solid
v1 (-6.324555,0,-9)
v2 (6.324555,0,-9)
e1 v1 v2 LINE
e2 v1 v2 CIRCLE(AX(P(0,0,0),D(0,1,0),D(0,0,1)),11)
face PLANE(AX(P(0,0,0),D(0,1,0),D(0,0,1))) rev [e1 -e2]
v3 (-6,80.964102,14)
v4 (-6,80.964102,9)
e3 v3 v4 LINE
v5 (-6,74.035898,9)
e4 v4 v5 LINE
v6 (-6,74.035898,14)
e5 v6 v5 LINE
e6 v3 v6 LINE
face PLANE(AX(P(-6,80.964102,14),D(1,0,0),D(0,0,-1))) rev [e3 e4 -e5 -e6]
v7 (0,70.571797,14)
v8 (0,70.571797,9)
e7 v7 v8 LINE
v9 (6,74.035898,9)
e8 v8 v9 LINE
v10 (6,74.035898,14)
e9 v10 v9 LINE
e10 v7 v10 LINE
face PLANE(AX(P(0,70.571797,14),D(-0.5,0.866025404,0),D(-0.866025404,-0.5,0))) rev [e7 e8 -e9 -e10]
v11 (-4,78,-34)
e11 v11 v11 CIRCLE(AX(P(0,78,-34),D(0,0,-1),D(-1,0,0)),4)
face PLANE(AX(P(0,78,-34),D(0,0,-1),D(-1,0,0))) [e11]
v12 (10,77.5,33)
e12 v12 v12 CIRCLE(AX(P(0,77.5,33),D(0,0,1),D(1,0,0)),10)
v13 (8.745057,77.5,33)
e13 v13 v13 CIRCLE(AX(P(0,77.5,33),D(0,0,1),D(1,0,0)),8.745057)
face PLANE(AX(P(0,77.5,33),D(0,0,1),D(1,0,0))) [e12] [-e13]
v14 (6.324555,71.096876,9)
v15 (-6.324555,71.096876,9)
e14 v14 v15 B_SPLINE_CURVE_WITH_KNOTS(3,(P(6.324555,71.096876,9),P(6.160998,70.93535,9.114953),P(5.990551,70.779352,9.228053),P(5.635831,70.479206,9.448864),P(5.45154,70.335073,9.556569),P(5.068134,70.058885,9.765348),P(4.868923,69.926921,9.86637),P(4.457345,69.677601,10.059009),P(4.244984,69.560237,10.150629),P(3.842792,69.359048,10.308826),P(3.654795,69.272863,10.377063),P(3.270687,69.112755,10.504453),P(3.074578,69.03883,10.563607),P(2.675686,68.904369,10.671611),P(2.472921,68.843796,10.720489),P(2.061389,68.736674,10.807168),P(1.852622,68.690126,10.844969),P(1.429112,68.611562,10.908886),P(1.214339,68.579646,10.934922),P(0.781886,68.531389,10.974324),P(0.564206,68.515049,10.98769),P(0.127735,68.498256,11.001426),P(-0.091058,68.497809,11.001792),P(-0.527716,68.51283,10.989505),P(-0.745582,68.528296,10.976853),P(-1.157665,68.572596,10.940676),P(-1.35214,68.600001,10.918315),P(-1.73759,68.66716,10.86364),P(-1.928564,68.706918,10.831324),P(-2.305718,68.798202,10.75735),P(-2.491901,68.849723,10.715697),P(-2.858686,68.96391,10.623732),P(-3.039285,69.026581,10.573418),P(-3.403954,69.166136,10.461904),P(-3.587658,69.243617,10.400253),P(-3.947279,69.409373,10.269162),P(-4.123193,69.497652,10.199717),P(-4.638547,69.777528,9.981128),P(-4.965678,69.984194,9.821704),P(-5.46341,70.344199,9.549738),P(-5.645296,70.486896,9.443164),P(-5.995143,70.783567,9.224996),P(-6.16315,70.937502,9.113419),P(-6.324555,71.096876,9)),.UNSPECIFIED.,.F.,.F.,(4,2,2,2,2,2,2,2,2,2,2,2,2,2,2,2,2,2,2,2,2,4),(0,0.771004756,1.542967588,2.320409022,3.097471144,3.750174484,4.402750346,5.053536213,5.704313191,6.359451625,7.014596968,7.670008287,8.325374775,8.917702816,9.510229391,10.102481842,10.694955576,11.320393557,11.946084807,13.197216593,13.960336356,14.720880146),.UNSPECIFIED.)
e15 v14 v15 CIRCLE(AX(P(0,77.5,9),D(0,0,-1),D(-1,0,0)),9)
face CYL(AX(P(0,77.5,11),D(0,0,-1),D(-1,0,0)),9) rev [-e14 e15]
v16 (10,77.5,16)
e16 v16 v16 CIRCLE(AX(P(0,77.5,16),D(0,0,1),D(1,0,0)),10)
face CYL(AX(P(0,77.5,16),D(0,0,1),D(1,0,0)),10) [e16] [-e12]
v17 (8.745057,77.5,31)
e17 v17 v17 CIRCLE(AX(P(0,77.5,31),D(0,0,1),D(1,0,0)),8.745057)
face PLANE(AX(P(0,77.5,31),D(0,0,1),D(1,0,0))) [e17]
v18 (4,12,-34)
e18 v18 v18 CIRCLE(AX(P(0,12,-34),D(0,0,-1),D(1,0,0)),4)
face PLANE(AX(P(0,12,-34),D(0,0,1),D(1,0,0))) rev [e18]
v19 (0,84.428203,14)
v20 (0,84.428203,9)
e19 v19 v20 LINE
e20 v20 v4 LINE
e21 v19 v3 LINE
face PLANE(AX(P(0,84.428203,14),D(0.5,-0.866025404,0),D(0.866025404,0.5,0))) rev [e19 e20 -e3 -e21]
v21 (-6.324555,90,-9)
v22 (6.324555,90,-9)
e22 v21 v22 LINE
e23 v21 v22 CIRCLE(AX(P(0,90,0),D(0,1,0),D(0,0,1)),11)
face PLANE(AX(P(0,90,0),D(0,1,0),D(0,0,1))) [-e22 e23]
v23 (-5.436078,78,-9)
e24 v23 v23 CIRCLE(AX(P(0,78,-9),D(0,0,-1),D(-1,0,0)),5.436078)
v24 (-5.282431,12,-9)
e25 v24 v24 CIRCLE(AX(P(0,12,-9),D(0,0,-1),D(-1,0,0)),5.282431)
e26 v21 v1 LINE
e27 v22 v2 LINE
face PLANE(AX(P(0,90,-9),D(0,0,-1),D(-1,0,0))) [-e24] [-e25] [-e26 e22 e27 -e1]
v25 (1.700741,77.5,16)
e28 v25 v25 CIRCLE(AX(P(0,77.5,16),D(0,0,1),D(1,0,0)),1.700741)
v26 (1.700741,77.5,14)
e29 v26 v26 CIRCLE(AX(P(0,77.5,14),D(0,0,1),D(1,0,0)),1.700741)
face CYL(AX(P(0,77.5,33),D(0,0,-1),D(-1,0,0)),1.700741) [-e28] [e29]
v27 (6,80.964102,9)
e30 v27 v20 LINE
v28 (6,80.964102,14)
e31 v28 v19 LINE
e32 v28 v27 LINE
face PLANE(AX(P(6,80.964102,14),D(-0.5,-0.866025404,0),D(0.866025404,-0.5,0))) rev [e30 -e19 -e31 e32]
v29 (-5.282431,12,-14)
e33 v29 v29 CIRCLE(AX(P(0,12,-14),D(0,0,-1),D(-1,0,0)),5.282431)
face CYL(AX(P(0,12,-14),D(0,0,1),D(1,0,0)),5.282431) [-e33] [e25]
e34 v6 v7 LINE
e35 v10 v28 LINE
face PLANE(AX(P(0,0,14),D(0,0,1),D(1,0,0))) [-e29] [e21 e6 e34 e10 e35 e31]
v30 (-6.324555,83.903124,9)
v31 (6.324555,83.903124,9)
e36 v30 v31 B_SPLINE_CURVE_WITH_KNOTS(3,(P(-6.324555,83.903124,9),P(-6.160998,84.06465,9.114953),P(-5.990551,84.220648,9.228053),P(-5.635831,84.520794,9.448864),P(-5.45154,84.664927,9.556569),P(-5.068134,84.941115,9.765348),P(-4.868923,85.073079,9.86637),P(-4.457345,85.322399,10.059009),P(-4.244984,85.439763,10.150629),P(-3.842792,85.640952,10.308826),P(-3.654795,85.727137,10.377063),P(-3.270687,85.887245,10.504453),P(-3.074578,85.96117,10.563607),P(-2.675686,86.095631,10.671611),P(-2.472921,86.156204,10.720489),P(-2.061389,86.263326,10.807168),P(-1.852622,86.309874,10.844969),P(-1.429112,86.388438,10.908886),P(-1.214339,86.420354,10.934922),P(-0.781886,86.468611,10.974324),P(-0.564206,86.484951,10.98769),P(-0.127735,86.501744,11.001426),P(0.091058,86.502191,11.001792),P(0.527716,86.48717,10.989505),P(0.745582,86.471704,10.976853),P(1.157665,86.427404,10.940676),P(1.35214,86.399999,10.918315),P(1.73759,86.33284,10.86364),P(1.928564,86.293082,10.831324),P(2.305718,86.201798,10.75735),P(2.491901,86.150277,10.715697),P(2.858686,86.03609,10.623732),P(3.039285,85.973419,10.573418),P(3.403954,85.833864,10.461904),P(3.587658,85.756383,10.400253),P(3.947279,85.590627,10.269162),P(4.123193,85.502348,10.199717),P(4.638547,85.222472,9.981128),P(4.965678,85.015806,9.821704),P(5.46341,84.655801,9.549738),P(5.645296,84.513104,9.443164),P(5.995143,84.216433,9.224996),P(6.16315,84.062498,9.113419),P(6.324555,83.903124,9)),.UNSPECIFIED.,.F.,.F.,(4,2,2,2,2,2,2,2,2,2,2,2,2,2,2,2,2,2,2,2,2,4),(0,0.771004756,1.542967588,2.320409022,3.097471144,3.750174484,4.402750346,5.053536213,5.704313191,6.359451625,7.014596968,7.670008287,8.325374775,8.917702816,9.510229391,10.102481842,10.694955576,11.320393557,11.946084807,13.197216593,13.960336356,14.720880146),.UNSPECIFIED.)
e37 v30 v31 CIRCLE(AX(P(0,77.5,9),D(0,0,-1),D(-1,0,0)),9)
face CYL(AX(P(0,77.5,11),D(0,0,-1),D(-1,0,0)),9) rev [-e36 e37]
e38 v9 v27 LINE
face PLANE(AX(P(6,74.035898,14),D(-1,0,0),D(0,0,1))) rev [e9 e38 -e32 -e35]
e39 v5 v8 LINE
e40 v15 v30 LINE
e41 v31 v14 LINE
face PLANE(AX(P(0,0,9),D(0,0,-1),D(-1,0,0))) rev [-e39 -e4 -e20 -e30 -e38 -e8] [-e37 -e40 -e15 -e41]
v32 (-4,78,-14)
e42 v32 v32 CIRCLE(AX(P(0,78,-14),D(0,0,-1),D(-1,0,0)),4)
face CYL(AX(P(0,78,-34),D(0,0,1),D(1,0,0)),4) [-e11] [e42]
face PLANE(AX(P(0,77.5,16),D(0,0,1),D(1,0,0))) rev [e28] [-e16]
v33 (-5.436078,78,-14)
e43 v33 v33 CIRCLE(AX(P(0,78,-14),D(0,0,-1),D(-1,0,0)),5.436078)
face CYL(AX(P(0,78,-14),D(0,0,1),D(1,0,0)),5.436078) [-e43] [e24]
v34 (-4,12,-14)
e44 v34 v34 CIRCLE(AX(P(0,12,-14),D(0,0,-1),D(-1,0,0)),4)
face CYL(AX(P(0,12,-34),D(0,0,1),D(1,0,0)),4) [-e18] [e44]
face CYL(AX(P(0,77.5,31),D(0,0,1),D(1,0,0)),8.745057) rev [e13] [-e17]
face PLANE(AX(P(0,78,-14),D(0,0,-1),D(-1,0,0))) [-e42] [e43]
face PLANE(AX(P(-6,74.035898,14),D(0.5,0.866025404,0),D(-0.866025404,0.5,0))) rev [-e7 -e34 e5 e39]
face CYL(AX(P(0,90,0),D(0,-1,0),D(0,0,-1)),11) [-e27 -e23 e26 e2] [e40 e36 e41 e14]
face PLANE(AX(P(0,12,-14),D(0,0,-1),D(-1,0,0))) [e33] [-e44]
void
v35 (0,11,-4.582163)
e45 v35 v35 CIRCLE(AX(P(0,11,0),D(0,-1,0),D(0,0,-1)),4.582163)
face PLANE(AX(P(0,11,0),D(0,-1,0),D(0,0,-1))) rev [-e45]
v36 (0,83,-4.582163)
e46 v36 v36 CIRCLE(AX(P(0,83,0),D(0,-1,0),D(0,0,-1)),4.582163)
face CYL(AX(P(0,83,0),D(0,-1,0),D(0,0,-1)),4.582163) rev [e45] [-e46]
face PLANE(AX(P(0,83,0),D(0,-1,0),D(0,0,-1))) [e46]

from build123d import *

# Parameters (mm, degrees)
SALIENTE_EXTRUIR1_DEPTH = 90
CROQUIS3_R              = 9
CORTAR_EXTRUIR1_DEPTH   = 93.439169187
SALIENTE_EXTRUIR2_DEPTH = 5
CROQUIS5_R              = 1.700741298
SALIENTE_EXTRUIR3_DEPTH = 19
CROQUIS6_R              = 10
SALIENTE_EXTRUIR4_DEPTH = 17
CROQUIS7_R              = 8.745057349
CORTAR_EXTRUIR2_DEPTH   = 2
CROQUIS8_R              = 4.582163127
CORTAR_EXTRUIR3_DEPTH   = 72
CROQUIS9_R              = 4
SALIENTE_EXTRUIR5_DEPTH = 25
CROQUIS10_R             = 5.43607756
CROQUIS10_R_2           = 5.282430738
SALIENTE_EXTRUIR6_DEPTH = 5


with BuildPart() as part:
    # Croquis1 → Saliente-Extruir1 (new body)
    with BuildSketch(Plane(origin=(0, 0, 0), x_dir=(1, 0, 0), z_dir=(0, 1, 0))):
        with BuildLine():
            Line((6.32455532, 9), (-6.32455532, 9))
            ThreePointArc((-6.32455532, 9), (-5.070990607, -9.761406367), (11, 0))
            ThreePointArc((11, 0), (9.761406367, 5.070990607), (6.32455532, 9))
        make_face()
    extrude(amount=SALIENTE_EXTRUIR1_DEPTH)

    # Croquis3 → Cortar-Extruir1 (cut, through all)
    with BuildSketch(Plane(origin=(0, 0, 9), x_dir=(-1, 0, 0), z_dir=(0, 0, -1))):
        with Locations((0, 77.5)):
            Circle(CROQUIS3_R)
    extrude(amount=-CORTAR_EXTRUIR1_DEPTH, mode=Mode.SUBTRACT)

    # Croquis4 → Saliente-Extruir2 (add)
    with BuildSketch(Plane.XY.offset(9)):
        Polygon((0, 70.57179677), (6, 74.035898385), (6, 80.964101615), (0, 84.42820323), (-6, 80.964101615), (-6, 74.035898385), align=None)
    extrude(amount=SALIENTE_EXTRUIR2_DEPTH)

    # Croquis5 → Saliente-Extruir3 (add)
    with BuildSketch(Plane.XY.offset(14)):
        with Locations((0, 77.5)):
            Circle(CROQUIS5_R)
    extrude(amount=SALIENTE_EXTRUIR3_DEPTH)

    # Croquis6 → Saliente-Extruir4 (add)
    with BuildSketch(Plane.XY.offset(33)):
        with Locations((0, 77.5)):
            Circle(CROQUIS6_R)
    extrude(amount=-SALIENTE_EXTRUIR4_DEPTH)

    # Croquis7 → Cortar-Extruir2 (cut)
    with BuildSketch(Plane.XY.offset(33)):
        with Locations((0, 77.5)):
            Circle(CROQUIS7_R)
    extrude(amount=-CORTAR_EXTRUIR2_DEPTH, mode=Mode.SUBTRACT)

    # Croquis8 → Cortar-Extruir3 (cut)
    with BuildSketch(Plane(origin=(0, 11, 0), x_dir=(-1, 0, 0), z_dir=(0, -1, 0))):
        with Locations(Location((0, 0, 0), (0, 0, 90))):
            Circle(CROQUIS8_R)
    extrude(amount=-CORTAR_EXTRUIR3_DEPTH, mode=Mode.SUBTRACT)

    # Croquis9 → Saliente-Extruir5 (add)
    with BuildSketch(Plane(origin=(0, 0, -9), x_dir=(-1, 0, 0), z_dir=(0, 0, -1))):
        with Locations((0, 78)):
            Circle(CROQUIS9_R)
        with Locations(Location((0, 12, 0), (0, 0, 180))):
            Circle(CROQUIS9_R)
    extrude(amount=SALIENTE_EXTRUIR5_DEPTH)

    # Croquis10 → Saliente-Extruir6 (add)
    with BuildSketch(Plane(origin=(0, 0, -9), x_dir=(-1, 0, 0), z_dir=(0, 0, -1))):
        with Locations((0, 78)):
            Circle(CROQUIS10_R)
        with Locations((0, 12)):
            Circle(CROQUIS10_R_2)
    extrude(amount=SALIENTE_EXTRUIR6_DEPTH)


solid = part.part
